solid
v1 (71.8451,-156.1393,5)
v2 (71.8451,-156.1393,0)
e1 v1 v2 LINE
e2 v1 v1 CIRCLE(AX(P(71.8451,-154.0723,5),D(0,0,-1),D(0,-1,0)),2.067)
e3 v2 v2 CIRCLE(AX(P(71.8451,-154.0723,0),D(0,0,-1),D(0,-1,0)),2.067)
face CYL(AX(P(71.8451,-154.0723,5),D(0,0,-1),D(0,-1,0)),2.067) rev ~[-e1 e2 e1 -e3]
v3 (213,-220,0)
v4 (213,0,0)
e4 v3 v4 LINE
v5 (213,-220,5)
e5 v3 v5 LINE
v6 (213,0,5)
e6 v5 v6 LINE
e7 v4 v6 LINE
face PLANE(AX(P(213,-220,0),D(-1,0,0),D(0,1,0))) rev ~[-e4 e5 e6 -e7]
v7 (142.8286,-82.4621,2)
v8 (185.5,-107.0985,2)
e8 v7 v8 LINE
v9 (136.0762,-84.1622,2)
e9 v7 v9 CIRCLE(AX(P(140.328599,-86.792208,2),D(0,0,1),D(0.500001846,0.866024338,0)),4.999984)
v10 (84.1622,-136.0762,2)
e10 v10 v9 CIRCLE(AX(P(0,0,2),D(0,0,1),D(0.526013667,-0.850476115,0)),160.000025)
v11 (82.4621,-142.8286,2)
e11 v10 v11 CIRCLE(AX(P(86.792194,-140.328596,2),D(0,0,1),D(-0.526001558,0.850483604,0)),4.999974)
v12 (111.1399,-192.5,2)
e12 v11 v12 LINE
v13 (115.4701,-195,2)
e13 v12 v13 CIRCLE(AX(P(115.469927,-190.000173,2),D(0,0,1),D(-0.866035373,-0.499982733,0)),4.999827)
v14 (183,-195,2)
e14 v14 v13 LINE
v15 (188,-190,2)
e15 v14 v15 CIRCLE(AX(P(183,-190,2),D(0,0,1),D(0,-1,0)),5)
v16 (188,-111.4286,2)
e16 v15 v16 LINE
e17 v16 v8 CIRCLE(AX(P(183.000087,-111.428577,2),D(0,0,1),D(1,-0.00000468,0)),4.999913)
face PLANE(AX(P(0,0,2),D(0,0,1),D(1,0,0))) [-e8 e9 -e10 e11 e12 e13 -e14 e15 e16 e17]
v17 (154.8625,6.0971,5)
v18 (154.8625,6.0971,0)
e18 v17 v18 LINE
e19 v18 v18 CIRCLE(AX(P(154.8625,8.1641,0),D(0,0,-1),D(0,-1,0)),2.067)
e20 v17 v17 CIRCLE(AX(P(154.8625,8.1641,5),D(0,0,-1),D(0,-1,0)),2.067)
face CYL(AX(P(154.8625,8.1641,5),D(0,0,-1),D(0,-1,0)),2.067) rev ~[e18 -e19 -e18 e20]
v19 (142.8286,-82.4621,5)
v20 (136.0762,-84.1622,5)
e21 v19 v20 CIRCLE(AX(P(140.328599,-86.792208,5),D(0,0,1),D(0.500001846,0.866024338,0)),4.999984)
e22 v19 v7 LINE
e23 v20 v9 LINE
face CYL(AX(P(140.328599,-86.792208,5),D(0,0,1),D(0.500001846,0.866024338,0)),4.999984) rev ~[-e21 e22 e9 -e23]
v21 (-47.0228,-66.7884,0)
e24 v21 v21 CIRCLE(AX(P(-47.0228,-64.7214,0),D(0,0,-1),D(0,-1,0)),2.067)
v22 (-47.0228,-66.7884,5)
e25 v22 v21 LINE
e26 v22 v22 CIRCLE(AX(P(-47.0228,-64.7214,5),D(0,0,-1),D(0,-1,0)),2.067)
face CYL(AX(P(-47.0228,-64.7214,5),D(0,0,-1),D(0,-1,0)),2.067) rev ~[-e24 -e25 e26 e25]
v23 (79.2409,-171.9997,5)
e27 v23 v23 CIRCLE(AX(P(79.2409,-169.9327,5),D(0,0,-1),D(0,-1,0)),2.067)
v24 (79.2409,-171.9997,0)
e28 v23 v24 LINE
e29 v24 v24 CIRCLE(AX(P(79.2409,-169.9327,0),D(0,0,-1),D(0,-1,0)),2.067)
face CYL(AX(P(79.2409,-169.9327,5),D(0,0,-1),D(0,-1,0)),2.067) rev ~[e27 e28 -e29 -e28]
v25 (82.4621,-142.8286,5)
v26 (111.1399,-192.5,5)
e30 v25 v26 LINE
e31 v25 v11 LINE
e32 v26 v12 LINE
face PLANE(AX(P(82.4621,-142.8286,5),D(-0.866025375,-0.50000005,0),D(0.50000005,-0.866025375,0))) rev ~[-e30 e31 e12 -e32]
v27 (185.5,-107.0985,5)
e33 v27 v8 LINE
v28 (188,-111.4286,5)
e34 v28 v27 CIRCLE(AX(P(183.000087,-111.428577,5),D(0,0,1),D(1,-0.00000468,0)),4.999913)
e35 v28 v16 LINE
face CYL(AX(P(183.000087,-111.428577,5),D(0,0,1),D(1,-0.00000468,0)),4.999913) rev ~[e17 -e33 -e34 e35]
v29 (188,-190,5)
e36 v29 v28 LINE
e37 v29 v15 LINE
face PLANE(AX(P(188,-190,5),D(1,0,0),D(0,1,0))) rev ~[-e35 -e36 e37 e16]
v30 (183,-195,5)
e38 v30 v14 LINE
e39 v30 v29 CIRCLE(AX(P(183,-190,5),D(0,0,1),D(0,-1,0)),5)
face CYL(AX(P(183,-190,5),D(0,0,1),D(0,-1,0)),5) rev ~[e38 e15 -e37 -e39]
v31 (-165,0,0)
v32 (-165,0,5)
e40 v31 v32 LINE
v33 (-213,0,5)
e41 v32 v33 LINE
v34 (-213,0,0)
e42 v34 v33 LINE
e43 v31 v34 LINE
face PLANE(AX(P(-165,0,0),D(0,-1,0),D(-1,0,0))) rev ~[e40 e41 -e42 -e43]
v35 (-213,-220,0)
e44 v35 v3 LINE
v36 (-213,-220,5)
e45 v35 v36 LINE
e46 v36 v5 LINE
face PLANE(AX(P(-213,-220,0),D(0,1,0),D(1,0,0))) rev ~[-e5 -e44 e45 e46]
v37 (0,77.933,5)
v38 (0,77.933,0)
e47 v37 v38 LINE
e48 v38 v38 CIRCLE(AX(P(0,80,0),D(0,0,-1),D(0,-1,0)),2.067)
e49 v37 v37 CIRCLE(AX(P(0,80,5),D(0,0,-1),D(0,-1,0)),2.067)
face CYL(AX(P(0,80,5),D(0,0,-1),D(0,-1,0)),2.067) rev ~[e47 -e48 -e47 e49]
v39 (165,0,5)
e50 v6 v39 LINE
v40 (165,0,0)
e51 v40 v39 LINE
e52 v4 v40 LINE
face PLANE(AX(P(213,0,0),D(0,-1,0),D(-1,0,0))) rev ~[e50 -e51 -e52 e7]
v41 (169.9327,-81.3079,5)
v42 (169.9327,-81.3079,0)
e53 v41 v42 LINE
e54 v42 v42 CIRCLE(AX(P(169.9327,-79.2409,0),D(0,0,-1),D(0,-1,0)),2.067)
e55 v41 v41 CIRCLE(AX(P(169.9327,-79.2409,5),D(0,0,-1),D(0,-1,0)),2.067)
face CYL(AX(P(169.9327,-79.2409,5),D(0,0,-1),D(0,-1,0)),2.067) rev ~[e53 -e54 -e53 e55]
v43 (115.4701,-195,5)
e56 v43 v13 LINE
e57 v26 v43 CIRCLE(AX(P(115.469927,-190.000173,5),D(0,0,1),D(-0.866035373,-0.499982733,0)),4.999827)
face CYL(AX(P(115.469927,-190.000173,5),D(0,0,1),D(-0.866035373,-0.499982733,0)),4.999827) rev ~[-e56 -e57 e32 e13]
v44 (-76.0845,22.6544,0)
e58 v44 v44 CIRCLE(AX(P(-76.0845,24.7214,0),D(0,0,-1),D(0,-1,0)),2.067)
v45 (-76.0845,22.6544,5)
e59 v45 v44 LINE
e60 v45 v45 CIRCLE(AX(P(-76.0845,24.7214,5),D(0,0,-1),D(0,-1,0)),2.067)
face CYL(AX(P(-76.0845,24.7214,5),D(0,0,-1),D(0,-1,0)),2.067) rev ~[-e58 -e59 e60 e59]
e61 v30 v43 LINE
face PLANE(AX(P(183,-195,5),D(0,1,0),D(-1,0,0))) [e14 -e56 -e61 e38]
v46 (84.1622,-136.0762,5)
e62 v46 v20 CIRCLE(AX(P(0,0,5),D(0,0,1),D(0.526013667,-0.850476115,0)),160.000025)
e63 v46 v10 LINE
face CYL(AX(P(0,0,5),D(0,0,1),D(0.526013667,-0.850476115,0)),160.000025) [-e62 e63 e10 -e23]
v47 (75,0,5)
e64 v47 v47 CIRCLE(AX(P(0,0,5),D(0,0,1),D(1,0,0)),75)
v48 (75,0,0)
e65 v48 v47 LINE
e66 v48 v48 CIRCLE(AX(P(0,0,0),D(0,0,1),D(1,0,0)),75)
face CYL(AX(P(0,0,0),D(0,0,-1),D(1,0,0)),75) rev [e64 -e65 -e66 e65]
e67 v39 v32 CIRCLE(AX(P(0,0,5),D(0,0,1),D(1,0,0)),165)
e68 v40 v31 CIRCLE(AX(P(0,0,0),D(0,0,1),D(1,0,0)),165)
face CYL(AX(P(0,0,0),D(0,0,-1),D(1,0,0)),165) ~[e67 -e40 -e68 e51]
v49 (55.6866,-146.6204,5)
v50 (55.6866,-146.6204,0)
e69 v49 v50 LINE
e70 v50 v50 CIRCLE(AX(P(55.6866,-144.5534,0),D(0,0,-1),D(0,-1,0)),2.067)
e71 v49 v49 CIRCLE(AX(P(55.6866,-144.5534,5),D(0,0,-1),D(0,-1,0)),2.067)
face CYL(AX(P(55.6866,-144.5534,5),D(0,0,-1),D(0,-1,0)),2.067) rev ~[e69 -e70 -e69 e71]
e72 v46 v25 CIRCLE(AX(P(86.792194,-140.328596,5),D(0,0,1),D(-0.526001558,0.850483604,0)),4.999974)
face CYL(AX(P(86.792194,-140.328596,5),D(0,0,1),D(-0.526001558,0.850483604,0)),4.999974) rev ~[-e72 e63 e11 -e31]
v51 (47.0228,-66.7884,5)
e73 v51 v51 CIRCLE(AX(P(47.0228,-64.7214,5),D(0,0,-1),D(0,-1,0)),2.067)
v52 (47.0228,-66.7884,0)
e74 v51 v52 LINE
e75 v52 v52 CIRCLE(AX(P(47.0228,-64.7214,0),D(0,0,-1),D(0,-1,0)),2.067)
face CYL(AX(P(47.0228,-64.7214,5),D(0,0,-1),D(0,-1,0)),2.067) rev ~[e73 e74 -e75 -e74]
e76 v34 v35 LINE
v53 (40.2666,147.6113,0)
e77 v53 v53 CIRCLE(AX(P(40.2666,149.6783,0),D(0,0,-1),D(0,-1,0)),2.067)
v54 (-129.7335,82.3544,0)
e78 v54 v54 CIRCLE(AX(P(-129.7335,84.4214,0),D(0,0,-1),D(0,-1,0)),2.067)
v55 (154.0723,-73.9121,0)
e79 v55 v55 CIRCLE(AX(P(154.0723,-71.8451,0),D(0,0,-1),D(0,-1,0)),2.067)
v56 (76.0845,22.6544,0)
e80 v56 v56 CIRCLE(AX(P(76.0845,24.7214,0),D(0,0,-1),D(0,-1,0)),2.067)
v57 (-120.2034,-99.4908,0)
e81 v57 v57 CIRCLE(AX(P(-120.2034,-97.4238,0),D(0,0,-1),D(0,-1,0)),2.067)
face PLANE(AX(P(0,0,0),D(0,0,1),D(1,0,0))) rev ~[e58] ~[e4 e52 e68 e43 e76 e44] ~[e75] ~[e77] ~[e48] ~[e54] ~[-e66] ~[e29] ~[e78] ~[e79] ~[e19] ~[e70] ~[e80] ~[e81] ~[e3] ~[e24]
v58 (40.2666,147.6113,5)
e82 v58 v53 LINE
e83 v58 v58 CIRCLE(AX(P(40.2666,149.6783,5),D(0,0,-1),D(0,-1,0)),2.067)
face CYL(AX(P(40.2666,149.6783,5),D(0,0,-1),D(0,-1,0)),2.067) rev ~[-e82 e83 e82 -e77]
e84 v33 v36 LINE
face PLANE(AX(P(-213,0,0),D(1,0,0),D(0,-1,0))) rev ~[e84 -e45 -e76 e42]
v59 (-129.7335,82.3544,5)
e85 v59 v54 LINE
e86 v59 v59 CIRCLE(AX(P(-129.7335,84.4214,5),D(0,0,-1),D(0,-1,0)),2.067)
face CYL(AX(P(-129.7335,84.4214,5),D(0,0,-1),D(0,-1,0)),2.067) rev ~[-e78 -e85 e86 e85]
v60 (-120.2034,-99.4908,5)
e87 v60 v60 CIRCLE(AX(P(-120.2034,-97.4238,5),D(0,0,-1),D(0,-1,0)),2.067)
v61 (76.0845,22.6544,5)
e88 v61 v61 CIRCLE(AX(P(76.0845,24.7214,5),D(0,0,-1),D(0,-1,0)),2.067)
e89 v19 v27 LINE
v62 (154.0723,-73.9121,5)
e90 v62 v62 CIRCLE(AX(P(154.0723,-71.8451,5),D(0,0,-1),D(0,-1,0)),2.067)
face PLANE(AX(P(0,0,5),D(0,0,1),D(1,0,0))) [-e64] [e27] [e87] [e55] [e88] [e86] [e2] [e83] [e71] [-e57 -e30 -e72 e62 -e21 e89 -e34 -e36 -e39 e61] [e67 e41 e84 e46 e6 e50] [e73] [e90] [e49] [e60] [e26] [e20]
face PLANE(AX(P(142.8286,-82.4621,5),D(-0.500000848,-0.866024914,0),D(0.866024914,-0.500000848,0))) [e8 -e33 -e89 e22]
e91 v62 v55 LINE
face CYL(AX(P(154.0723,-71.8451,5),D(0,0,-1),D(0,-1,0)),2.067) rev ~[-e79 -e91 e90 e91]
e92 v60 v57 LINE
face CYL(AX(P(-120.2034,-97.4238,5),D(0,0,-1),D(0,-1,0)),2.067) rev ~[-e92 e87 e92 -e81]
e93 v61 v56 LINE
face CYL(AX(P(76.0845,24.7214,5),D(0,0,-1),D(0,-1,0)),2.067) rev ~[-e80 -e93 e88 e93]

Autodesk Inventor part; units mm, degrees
ref_plane "YZ Plane" through (0, 0, 0) normal (1, 0, 0) x (0, 1, 0)
ref_plane "XZ Plane" through (0, 0, 0) normal (0, 1, 0) x (-1, 0, 0)
ref_plane "XY Plane" through (0, 0, 0) normal (0, 0, 1) x (1, 0, 0)
sketch "Sketch1" plane through (0, 0, 0) normal (0, 0, 1) x (1, 0, 0)
  circle A0 centre (0, 0) radius 75
  circle A1 centre (0, 0) radius 160
  arc A2 (165, 0) -> (-165, 0) centre (0, 0) ccw
  line L0 (-213, 0) -> (-213, -220)
  line L1 (-213, -220) -> (213, -220)
  line L2 (213, -220) -> (213, 0)
  line L3 (213, 0) -> (165, 0)
  line L4 (-165, 0) -> (-213, 0)
  dimension "inner_diameter" = 150
  dimension "outer_diameter" = 320
  dimension "d37" = 330
  dimension "d38" = 426
  dimension "d39" = 220
  dimension "d40" = 213
  dimension "d41" = 220
extrude "Extrusion1" add sketch "Sketch1" along normal blind 5 contours A1 | L3 L2 L1 L0 L4 A2
sketch "Sketch2" plane through (0, 0, 5) normal (0, 0, 1) x (1, 0, 0)
  circle A0 centre (0, 0) radius 155 construction
  line L0 (0.1758, 0.0573) -> (40.2666, 149.6783) construction
  line L1 (0.1758, 0.0573) -> (-129.7335, 84.4214) construction
  line L2 (0.1758, 0.0573) -> (-120.2034, -97.4238) construction
  line L3 (0.1758, 0.0573) -> (55.6866, -144.5534) construction
  line L4 (0.1758, 0.0573) -> (154.8625, 8.1641) construction
  line L5 (0.1758, 0.0573) -> (0.1758, 154.9999) construction
  dimension "d4" = 310
  dimension "d30" = 360
  dimension "d36" = 15
hole "Hole1" at (40.2666, 149.6783, 5) at (-129.7335, 84.4214, 5) at (-120.2034, -97.4238, 5) at (55.6866, -144.5534, 5) at (154.8625, 8.1641, 5) direction (0, 0, -1) diameter 4.134 depth 8 tip angle 118 thread size "M5x0.8" class "6H" standard "ANSI Metric M Profile"
sketch "Sketch3" plane through (0, 0, 5) normal (0, 0, 1) x (1, 0, 0)
  circle A0 centre (0, 0) radius 80 construction
  line L0 (0, 0) -> (0, 80) construction
  point P0 (-76.0845, 24.7214)
  point P1 (-76.0845, 24.7214)
  point P2 (-47.0228, -64.7214)
  point P3 (-47.0228, -64.7214)
  point P4 (47.0228, -64.7214)
  point P5 (47.0228, -64.7214)
  point P6 (76.0845, 24.7214)
  point P7 (76.0845, 24.7214)
  dimension "inner_holes_diameter" = 160
  dimension "d34" = 360
hole "Hole2" at (0, 80, 5) at (76.0845, 24.7214, 5) at (47.0228, -64.7214, 5) at (-47.0228, -64.7214, 5) at (-76.0845, 24.7214, 5) direction (0, 0, -1) diameter 4.134 depth 8 tip angle 118 thread size "M5x0.8" class "6H" standard "ANSI Metric M Profile"
sketch "Sketch5" plane through (0, 0, 5) normal (0, 0, 1) x (1, 0, 0)
  arc A0 (0, -160) -> (80, -138.5641) centre (0, 0) ccw construction
  line L0 (0, 0) -> (0, -160) construction
  line L1 (0, 0) -> (138.5641, -80) construction
  line L2 (0, 0) -> (80, -138.5641) construction
  arc A1 (138.5641, -80) -> (0, -160) centre (0, 0) ccw construction
  arc A2 (84.1622, -136.0762) -> (136.0762, -84.1622) centre (0, 0) ccw
  line L3 (82.4621, -142.8286) -> (111.1399, -192.5)
  line L4 (142.8286, -82.4621) -> (185.5, -107.0985)
  arc A3 (142.8286, -82.4621) -> (136.0762, -84.1622) centre (140.3286, -86.7922) ccw
  arc A4 (84.1622, -136.0762) -> (82.4621, -142.8286) centre (86.7922, -140.3286) ccw
  line L5 (188, -190) -> (188, -111.4286)
  line L6 (183, -195) -> (115.4701, -195)
  arc A5 (111.1399, -192.5) -> (115.4701, -195) centre (115.4701, -190) ccw
  arc A6 (188, -111.4286) -> (185.5, -107.0985) centre (183, -111.4286) ccw
  arc A7 (183, -195) -> (188, -190) centre (183, -190) ccw
  line L7 (213, -220) -> (213, 0) projected
  line L8 (-213, -220) -> (213, -220) projected
  point P0 (188, -108.5419)
  point P1 (112.5833, -195)
  point P2 (188, -195)
  dimension "d50" = 320
  dimension "d52" = 30
  dimension "d53" = 30
  dimension "d54" = 5
  dimension "d68" = 5
  dimension "d69" = 5
  dimension "d70" = 25
  dimension "d71" = 25
extrude "Extrusion3" cut sketch "Sketch5" against normal blind 3
sketch "Sketch6" plane through (0, 0, 5) normal (0, 0, 1) x (1, 0, 0)
  arc A0 (142.8286, -82.4621) -> (136.0762, -84.1622) centre (140.3286, -86.7922) ccw projected
  arc A1 (84.1622, -136.0762) -> (136.0762, -84.1622) centre (0, 0) ccw projected
  arc A2 (84.1622, -136.0762) -> (82.4621, -142.8286) centre (86.7922, -140.3286) ccw projected
  line L0 (111.1399, -192.5) -> (82.4621, -142.8286) projected
  line L1 (142.8286, -82.4621) -> (185.5, -107.0985) projected
  circle A3 centre (0, 0) radius 170 construction
  circle A4 centre (0, 0) radius 187.5 construction
  line L2 (0, 0) -> (0, -170) construction
  line L3 (0, 0) -> (79.2409, -169.9327) construction
  line L4 (0, 0) -> (169.9327, -79.2409) construction
  line L5 (183, -195) -> (115.4701, -195) projected
  line L6 (188, -111.4286) -> (188, -190) projected
  arc A5 (111.1399, -192.5) -> (115.4701, -195) centre (115.4701, -190) ccw projected
  arc A6 (183, -195) -> (188, -190) centre (183, -190) ccw projected
  arc A7 (188, -111.4286) -> (185.5, -107.0985) centre (183, -111.4286) ccw projected
  point P0 (71.8451, -154.0723)
  point P1 (154.0723, -71.8451)
  dimension "d57" = 340
  dimension "d58" = 375
  dimension "d59" = 25
  dimension "d60" = 40
hole "Hole3" at (71.8451, -154.0723, 5) at (79.2409, -169.9327, 5) at (169.9327, -79.2409, 5) at (154.0723, -71.8451, 5) direction (0, 0, -1) diameter 4.134 end through all thread size "M5x0.8" class "6H" standard "ANSI Metric M Profile"
equation "\"inner_diameter\" = id"
equation "\"outer_diameter\" = od"
equation "\"d40\" = 0.5 * d38"
equation "\"d50\" = od"
equation "\"id\" = 150"
equation "\"od\" = 320"
properties part number "bakplate"
